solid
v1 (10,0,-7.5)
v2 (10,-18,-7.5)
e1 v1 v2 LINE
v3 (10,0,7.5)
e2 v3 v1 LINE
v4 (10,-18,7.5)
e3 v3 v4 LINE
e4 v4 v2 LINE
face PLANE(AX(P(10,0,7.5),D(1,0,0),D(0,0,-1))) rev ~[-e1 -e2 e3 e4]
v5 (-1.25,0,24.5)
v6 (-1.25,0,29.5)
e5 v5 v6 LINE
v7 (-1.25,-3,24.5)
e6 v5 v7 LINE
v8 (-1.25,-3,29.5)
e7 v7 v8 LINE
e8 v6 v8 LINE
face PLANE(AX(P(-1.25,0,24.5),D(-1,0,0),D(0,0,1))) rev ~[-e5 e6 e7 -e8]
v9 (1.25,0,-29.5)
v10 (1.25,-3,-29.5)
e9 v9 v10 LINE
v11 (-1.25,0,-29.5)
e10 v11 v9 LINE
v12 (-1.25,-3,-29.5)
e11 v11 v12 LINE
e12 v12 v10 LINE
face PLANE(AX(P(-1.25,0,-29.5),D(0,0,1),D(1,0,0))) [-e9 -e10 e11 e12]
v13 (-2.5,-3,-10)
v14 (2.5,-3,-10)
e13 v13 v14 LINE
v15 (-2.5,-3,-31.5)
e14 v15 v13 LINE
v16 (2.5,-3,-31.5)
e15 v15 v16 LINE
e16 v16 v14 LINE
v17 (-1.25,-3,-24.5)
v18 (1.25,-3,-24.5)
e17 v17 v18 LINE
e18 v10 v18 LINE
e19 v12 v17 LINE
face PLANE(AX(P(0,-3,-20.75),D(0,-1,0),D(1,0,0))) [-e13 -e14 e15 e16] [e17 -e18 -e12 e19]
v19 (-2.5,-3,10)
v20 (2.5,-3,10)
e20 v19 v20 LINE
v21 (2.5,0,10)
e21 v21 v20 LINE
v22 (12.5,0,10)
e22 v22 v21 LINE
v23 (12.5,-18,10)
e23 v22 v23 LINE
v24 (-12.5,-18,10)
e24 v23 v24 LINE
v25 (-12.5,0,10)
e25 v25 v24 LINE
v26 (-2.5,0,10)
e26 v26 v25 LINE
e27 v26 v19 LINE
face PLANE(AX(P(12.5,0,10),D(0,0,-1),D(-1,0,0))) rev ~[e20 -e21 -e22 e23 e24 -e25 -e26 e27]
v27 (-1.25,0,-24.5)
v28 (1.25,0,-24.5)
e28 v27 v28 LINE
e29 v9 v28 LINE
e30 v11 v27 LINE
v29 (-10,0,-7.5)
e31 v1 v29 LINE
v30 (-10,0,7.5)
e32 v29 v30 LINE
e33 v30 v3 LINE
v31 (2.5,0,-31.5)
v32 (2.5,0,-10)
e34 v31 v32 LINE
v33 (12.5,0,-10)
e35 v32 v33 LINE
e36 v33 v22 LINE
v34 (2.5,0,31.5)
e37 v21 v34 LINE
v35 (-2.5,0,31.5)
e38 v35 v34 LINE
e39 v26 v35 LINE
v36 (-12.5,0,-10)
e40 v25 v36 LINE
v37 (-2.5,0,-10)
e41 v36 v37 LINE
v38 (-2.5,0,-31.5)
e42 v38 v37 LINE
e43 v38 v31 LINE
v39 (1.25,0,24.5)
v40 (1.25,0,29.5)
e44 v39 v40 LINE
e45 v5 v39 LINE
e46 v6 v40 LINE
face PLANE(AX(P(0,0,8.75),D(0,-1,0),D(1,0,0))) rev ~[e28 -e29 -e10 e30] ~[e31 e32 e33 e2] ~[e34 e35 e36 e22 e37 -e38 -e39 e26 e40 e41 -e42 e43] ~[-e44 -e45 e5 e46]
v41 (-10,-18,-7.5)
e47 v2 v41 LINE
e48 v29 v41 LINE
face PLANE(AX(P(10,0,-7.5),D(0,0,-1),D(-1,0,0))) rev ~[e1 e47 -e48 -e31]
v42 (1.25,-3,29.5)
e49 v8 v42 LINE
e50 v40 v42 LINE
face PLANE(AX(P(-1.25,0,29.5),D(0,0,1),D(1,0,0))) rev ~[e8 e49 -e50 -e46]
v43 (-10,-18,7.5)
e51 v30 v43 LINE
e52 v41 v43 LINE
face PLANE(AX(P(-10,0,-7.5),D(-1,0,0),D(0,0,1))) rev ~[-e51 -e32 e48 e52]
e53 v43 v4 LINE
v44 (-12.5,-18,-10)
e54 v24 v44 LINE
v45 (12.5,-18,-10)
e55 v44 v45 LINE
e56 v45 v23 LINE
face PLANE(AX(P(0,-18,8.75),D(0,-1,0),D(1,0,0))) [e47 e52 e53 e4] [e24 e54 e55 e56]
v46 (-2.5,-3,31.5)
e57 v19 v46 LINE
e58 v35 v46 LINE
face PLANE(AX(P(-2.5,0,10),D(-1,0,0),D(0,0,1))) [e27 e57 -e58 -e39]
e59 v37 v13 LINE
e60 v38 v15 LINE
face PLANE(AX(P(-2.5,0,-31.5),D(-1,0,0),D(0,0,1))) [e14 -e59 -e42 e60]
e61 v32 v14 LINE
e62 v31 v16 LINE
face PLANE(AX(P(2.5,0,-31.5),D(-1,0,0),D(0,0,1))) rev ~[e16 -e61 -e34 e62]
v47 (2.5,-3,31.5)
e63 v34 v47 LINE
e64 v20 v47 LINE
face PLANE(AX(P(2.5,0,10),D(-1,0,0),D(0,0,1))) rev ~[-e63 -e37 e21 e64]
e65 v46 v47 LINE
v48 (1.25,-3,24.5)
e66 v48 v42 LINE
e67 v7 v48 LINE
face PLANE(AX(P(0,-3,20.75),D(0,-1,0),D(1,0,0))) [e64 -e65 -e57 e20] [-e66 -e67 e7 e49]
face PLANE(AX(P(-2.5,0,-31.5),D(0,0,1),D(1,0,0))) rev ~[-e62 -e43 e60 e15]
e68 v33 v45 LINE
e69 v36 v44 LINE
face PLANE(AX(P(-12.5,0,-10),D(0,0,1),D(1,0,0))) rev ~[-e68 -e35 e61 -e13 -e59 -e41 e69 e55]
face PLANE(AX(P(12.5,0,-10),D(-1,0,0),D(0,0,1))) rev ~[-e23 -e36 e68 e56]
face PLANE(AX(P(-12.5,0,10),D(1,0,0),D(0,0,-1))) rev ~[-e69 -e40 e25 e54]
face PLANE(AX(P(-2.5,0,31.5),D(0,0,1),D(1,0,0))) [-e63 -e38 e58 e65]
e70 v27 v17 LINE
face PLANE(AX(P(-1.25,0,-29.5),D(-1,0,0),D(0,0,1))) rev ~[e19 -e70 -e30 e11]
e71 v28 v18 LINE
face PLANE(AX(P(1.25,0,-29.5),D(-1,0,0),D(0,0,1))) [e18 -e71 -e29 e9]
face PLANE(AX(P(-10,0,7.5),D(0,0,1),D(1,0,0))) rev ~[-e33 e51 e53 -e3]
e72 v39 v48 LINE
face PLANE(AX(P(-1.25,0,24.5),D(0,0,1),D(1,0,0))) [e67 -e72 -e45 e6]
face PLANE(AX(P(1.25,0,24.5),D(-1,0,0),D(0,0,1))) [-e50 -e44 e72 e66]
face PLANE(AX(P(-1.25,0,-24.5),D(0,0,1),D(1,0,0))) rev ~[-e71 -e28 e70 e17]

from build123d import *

# Parameters (mm, degrees)
F0_W     = 5
F0_H     = 21.5
F0_W_2   = 2.5
F0_H_2   = 5
F1_DEPTH = 3
F0_H_3   = 2.5
F2_DEPTH = 18


with BuildPart() as f1:
    # F0 (on Front) → F1 (new body)
    with BuildSketch(Plane.XZ):
        with Locations((0, 20.75)):
            Rectangle(F0_W, F0_H)
        with Locations((0, 27)):
            Rectangle(F0_W_2, F0_H_2, mode=Mode.SUBTRACT)
    extrude(amount=F1_DEPTH)



with BuildPart() as f1b:
    # F0 (on Front) → F1, piece 2 (new body)
    with BuildSketch(Plane.XZ):
        with Locations((0, -20.75)):
            Rectangle(F0_W, F0_H)
        with Locations((0, -27)):
            Rectangle(F0_W_2, F0_H_2, mode=Mode.SUBTRACT)
    extrude(amount=F1_DEPTH)


with BuildPart() as f1_1:
    add(f1.part)

    add(f1b.part)  # F2 merges F1b
    # F0 (on Front) → F2 (join)
    with BuildSketch(Plane.XZ):
        with Locations((0, 8.75)):
            Rectangle(F0_W, F0_H_3)
        Polygon((10, 7.5), (10, -7.5), (2.5, -7.5), (2.5, -10), (12.5, -10), (12.5, 10), (2.5, 10), (2.5, 7.5), align=None)
        with Locations((0, -8.75)):
            Rectangle(F0_W, F0_H_3)
        Polygon((-2.5, -10), (-2.5, -7.5), (-10, -7.5), (-10, 7.5), (-2.5, 7.5), (-2.5, 10), (-12.5, 10), (-12.5, -10), align=None)
    extrude(amount=F2_DEPTH)


solid = f1_1.part
